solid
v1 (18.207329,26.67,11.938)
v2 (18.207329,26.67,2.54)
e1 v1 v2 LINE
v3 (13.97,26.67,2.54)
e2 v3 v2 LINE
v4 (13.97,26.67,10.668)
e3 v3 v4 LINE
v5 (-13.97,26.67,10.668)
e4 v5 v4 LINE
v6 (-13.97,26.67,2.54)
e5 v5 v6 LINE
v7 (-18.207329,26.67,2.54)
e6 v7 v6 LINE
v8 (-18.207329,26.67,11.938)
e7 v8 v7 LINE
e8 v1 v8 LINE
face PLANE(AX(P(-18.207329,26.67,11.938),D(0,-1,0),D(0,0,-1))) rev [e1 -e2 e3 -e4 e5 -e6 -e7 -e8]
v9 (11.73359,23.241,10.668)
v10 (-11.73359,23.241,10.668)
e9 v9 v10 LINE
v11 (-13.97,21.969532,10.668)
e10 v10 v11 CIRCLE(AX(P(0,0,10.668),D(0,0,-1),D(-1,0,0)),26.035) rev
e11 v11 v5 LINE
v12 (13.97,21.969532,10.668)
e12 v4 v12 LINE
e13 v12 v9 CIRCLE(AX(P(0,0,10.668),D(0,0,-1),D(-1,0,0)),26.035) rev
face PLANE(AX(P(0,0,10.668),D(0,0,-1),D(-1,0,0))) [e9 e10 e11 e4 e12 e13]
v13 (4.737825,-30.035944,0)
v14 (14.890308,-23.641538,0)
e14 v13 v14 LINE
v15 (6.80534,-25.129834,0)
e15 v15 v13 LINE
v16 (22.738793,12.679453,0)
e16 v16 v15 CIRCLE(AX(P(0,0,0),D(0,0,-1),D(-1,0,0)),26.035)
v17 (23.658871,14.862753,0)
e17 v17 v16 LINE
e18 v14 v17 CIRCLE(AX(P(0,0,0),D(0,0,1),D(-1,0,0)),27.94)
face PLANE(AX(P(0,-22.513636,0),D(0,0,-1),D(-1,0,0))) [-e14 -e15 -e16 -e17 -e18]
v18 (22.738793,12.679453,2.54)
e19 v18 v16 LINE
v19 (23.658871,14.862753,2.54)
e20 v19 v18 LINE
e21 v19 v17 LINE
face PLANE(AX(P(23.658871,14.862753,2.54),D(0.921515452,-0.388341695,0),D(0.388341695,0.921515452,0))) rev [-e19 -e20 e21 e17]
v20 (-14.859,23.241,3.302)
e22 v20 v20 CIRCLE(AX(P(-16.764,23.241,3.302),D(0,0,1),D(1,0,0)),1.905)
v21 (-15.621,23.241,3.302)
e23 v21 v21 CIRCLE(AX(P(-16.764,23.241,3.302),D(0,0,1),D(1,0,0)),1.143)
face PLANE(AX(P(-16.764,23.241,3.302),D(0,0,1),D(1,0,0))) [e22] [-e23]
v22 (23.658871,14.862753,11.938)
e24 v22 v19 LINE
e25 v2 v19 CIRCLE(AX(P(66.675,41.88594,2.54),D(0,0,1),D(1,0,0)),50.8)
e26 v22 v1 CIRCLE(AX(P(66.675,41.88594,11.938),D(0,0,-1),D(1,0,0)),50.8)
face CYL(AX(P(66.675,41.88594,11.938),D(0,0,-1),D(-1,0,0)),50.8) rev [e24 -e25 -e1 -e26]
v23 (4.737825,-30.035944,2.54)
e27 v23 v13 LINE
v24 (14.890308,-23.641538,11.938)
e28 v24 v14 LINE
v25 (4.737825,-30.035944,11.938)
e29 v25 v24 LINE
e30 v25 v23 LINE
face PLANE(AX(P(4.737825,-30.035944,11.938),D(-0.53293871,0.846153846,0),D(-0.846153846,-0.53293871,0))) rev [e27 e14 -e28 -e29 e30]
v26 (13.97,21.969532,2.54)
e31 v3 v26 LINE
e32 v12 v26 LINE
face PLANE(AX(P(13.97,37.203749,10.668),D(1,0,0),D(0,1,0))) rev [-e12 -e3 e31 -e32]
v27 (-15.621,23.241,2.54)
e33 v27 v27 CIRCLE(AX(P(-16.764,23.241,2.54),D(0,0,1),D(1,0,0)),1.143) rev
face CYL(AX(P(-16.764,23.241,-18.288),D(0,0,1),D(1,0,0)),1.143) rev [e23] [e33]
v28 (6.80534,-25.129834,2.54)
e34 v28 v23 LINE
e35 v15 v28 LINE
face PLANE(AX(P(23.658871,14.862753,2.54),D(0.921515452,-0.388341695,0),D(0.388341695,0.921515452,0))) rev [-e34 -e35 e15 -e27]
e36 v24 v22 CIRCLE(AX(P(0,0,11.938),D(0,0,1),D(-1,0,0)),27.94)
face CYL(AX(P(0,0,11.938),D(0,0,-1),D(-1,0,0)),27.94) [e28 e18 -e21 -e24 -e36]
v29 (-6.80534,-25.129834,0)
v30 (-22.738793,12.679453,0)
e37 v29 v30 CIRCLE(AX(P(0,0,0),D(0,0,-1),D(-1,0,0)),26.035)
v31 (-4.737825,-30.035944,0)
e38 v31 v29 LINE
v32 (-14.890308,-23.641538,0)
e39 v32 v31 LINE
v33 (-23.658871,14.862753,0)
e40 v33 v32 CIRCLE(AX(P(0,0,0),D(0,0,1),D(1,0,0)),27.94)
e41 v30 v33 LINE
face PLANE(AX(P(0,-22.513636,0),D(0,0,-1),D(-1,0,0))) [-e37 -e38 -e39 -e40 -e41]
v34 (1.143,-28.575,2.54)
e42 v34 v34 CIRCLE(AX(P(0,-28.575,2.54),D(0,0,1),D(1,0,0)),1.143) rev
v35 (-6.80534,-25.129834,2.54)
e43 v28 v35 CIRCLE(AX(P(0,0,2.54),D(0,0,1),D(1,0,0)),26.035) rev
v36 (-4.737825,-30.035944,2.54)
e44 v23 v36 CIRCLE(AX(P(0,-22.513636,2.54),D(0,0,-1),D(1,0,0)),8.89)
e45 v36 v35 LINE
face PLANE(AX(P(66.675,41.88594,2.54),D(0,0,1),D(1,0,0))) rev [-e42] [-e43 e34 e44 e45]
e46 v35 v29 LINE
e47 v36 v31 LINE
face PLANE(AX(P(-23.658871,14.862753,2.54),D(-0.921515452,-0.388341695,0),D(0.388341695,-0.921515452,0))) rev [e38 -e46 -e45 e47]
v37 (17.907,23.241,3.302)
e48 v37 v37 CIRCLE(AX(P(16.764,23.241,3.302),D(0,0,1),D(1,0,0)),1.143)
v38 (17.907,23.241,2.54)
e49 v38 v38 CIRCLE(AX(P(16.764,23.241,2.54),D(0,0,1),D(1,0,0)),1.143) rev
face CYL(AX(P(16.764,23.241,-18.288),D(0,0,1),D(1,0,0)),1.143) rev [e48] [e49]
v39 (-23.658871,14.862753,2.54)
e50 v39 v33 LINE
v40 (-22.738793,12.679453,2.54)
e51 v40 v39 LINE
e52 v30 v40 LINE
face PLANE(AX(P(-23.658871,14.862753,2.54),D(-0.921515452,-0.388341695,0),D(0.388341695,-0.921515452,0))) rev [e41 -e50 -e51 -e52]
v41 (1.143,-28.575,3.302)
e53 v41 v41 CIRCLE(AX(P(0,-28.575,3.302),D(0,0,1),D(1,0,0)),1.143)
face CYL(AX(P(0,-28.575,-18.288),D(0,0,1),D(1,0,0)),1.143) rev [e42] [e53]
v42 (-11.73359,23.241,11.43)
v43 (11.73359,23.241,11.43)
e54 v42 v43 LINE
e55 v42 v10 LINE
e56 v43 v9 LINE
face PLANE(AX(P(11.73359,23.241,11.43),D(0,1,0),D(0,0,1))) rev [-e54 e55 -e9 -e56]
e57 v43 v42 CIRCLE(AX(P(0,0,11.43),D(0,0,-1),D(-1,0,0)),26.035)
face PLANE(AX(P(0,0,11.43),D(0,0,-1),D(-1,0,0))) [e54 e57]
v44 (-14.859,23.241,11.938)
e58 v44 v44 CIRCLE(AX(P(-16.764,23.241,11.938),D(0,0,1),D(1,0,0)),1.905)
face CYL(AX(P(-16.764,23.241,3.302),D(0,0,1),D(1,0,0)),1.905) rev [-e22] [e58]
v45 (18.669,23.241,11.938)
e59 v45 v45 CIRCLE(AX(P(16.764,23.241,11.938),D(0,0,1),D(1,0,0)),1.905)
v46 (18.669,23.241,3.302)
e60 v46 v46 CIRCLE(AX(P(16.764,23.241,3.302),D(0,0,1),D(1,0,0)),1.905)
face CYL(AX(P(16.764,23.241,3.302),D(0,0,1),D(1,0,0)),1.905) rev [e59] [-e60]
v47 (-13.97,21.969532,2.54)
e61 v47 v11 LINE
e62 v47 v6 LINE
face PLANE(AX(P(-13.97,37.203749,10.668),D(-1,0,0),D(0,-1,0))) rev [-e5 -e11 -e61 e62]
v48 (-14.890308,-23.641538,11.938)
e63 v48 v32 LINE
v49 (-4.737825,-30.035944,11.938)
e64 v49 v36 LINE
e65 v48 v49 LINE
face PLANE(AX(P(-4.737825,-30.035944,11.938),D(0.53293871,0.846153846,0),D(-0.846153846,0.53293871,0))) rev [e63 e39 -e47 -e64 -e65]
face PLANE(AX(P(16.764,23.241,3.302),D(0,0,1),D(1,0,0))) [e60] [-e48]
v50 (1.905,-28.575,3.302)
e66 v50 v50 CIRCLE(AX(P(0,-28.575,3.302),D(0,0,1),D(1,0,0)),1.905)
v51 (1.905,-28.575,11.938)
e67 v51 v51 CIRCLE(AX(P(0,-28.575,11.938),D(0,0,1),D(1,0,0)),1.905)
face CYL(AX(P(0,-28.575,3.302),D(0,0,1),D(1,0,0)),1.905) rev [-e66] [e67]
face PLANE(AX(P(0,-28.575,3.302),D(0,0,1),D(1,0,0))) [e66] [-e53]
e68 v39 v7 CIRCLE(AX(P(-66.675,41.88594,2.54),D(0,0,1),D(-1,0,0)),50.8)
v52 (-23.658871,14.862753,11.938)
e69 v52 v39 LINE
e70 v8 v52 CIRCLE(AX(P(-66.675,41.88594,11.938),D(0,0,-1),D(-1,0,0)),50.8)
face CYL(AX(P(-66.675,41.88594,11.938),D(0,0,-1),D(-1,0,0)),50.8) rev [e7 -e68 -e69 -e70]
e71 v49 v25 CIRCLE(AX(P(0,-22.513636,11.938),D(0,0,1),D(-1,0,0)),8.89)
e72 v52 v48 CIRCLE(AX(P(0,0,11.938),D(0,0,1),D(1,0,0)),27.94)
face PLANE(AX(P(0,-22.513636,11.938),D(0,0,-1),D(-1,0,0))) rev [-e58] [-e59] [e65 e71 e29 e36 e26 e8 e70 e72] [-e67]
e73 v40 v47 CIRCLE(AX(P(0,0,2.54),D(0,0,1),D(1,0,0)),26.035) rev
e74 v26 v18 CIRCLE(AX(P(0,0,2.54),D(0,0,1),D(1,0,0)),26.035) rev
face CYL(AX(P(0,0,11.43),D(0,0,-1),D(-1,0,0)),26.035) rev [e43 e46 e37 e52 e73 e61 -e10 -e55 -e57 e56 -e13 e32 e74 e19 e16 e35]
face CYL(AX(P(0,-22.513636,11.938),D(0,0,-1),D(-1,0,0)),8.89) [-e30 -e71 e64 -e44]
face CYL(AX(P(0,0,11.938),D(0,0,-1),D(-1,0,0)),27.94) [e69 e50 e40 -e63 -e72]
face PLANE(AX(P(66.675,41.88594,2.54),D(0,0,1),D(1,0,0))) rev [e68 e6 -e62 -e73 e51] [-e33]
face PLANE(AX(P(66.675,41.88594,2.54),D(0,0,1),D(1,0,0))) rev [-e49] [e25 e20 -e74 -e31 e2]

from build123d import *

# Parameters (mm, degrees)
BOSS_EXTRUDE1_DEPTH = 11.938
CUT_EXTRUDE1_DEPTH  = 11.43
SKETCH3_W           = 27.94
SKETCH3_H           = 25.845942769
CUT_EXTRUDE2_DEPTH  = 10.668
SKETCH4_R           = 1.905
CUT_EXTRUDE3_DEPTH  = 8.636
SKETCH5_R           = 1.143
CUT_EXTRUDE4_DEPTH  = 21.59
CUT_EXTRUDE5_DEPTH  = 2.54


with BuildPart() as part:
    # Sketch1 → Boss-Extrude1 (new body)
    with BuildSketch(Plane.XY):
        with BuildLine():
            Line((-4.737825132, -30.035944056), (-14.890307558, -23.641538462))
            ThreePointArc((-14.890307558, -23.641538462), (-27.242520167, -6.203925768), (-23.658870968, 14.862752926))
            ThreePointArc((-23.658870968, 14.862752926), (-20.55370118, 20.591203739), (-18.20732863, 26.67))
            Line((-18.20732863, 26.67), (18.20732863, 26.67))
            ThreePointArc((18.20732863, 26.67), (20.55370118, 20.591203739), (23.658870968, 14.862752926))
            ThreePointArc((23.658870968, 14.862752926), (27.242520167, -6.203925768), (14.890307558, -23.641538462))
            Line((14.890307558, -23.641538462), (4.737825132, -30.035944056))
            ThreePointArc((4.737825132, -30.035944056), (0, -31.403636364), (-4.737825132, -30.035944056))
        make_face()
    extrude(amount=BOSS_EXTRUDE1_DEPTH)

    # Sketch2 → Cut-Extrude1 (cut)
    with BuildSketch(Plane(origin=(0, 0, 0), x_dir=(-1, 0, 0), z_dir=(0, 0, -1))):
        with BuildLine():
            Line((-11.733590414, 23.241), (11.733590414, 23.241))
            ThreePointArc((11.733590414, 23.241), (0, -26.035), (-11.733590414, 23.241))
        make_face()
    extrude(amount=-CUT_EXTRUDE1_DEPTH, mode=Mode.SUBTRACT)

    # Sketch3 → Cut-Extrude2 (cut)
    with BuildSketch(Plane(origin=(0, 0, 0), x_dir=(-1, 0, 0), z_dir=(0, 0, -1))):
        with Locations((0, 24.280777857)):
            Rectangle(SKETCH3_W, SKETCH3_H)
    extrude(amount=-CUT_EXTRUDE2_DEPTH, mode=Mode.SUBTRACT)

    # Sketch4 → Cut-Extrude3 (cut)
    with BuildSketch(Plane.XY.offset(11.938)):
        with Locations((0, -28.575)):
            Circle(SKETCH4_R)
        with Locations((-16.764, 23.241)):
            Circle(SKETCH4_R)
        with Locations((16.764, 23.241)):
            Circle(SKETCH4_R)
    extrude(amount=-CUT_EXTRUDE3_DEPTH, mode=Mode.SUBTRACT)

    # Sketch5 → Cut-Extrude4 (cut)
    with BuildSketch(Plane.XY.offset(3.302)):
        with Locations((-16.764, 23.241)):
            Circle(SKETCH5_R)
        with Locations((16.764, 23.241)):
            Circle(SKETCH5_R)
        with Locations((0, -28.575)):
            Circle(SKETCH5_R)
    extrude(amount=-CUT_EXTRUDE4_DEPTH, mode=Mode.SUBTRACT)

    # Sketch6 → Cut-Extrude5 (cut)
    with BuildSketch(Plane(origin=(0, 0, 0), x_dir=(-1, 0, 0), z_dir=(0, 0, -1))):
        with BuildLine():
            Line((-23.658870968, 14.862752926), (-4.737825132, -30.035944056))
            ThreePointArc((-4.737825132, -30.035944056), (0, -31.403636364), (4.737825132, -30.035944056))
            Line((4.737825132, -30.035944056), (23.658870968, 14.862752926))
            ThreePointArc((23.658870968, 14.862752926), (20.55370118, 20.591203739), (18.20732863, 26.67))
            Line((18.20732863, 26.67), (-18.20732863, 26.67))
            ThreePointArc((-18.20732863, 26.67), (-20.55370118, 20.591203739), (-23.658870968, 14.862752926))
        make_face()
    extrude(amount=-CUT_EXTRUDE5_DEPTH, mode=Mode.SUBTRACT)


solid = part.part
